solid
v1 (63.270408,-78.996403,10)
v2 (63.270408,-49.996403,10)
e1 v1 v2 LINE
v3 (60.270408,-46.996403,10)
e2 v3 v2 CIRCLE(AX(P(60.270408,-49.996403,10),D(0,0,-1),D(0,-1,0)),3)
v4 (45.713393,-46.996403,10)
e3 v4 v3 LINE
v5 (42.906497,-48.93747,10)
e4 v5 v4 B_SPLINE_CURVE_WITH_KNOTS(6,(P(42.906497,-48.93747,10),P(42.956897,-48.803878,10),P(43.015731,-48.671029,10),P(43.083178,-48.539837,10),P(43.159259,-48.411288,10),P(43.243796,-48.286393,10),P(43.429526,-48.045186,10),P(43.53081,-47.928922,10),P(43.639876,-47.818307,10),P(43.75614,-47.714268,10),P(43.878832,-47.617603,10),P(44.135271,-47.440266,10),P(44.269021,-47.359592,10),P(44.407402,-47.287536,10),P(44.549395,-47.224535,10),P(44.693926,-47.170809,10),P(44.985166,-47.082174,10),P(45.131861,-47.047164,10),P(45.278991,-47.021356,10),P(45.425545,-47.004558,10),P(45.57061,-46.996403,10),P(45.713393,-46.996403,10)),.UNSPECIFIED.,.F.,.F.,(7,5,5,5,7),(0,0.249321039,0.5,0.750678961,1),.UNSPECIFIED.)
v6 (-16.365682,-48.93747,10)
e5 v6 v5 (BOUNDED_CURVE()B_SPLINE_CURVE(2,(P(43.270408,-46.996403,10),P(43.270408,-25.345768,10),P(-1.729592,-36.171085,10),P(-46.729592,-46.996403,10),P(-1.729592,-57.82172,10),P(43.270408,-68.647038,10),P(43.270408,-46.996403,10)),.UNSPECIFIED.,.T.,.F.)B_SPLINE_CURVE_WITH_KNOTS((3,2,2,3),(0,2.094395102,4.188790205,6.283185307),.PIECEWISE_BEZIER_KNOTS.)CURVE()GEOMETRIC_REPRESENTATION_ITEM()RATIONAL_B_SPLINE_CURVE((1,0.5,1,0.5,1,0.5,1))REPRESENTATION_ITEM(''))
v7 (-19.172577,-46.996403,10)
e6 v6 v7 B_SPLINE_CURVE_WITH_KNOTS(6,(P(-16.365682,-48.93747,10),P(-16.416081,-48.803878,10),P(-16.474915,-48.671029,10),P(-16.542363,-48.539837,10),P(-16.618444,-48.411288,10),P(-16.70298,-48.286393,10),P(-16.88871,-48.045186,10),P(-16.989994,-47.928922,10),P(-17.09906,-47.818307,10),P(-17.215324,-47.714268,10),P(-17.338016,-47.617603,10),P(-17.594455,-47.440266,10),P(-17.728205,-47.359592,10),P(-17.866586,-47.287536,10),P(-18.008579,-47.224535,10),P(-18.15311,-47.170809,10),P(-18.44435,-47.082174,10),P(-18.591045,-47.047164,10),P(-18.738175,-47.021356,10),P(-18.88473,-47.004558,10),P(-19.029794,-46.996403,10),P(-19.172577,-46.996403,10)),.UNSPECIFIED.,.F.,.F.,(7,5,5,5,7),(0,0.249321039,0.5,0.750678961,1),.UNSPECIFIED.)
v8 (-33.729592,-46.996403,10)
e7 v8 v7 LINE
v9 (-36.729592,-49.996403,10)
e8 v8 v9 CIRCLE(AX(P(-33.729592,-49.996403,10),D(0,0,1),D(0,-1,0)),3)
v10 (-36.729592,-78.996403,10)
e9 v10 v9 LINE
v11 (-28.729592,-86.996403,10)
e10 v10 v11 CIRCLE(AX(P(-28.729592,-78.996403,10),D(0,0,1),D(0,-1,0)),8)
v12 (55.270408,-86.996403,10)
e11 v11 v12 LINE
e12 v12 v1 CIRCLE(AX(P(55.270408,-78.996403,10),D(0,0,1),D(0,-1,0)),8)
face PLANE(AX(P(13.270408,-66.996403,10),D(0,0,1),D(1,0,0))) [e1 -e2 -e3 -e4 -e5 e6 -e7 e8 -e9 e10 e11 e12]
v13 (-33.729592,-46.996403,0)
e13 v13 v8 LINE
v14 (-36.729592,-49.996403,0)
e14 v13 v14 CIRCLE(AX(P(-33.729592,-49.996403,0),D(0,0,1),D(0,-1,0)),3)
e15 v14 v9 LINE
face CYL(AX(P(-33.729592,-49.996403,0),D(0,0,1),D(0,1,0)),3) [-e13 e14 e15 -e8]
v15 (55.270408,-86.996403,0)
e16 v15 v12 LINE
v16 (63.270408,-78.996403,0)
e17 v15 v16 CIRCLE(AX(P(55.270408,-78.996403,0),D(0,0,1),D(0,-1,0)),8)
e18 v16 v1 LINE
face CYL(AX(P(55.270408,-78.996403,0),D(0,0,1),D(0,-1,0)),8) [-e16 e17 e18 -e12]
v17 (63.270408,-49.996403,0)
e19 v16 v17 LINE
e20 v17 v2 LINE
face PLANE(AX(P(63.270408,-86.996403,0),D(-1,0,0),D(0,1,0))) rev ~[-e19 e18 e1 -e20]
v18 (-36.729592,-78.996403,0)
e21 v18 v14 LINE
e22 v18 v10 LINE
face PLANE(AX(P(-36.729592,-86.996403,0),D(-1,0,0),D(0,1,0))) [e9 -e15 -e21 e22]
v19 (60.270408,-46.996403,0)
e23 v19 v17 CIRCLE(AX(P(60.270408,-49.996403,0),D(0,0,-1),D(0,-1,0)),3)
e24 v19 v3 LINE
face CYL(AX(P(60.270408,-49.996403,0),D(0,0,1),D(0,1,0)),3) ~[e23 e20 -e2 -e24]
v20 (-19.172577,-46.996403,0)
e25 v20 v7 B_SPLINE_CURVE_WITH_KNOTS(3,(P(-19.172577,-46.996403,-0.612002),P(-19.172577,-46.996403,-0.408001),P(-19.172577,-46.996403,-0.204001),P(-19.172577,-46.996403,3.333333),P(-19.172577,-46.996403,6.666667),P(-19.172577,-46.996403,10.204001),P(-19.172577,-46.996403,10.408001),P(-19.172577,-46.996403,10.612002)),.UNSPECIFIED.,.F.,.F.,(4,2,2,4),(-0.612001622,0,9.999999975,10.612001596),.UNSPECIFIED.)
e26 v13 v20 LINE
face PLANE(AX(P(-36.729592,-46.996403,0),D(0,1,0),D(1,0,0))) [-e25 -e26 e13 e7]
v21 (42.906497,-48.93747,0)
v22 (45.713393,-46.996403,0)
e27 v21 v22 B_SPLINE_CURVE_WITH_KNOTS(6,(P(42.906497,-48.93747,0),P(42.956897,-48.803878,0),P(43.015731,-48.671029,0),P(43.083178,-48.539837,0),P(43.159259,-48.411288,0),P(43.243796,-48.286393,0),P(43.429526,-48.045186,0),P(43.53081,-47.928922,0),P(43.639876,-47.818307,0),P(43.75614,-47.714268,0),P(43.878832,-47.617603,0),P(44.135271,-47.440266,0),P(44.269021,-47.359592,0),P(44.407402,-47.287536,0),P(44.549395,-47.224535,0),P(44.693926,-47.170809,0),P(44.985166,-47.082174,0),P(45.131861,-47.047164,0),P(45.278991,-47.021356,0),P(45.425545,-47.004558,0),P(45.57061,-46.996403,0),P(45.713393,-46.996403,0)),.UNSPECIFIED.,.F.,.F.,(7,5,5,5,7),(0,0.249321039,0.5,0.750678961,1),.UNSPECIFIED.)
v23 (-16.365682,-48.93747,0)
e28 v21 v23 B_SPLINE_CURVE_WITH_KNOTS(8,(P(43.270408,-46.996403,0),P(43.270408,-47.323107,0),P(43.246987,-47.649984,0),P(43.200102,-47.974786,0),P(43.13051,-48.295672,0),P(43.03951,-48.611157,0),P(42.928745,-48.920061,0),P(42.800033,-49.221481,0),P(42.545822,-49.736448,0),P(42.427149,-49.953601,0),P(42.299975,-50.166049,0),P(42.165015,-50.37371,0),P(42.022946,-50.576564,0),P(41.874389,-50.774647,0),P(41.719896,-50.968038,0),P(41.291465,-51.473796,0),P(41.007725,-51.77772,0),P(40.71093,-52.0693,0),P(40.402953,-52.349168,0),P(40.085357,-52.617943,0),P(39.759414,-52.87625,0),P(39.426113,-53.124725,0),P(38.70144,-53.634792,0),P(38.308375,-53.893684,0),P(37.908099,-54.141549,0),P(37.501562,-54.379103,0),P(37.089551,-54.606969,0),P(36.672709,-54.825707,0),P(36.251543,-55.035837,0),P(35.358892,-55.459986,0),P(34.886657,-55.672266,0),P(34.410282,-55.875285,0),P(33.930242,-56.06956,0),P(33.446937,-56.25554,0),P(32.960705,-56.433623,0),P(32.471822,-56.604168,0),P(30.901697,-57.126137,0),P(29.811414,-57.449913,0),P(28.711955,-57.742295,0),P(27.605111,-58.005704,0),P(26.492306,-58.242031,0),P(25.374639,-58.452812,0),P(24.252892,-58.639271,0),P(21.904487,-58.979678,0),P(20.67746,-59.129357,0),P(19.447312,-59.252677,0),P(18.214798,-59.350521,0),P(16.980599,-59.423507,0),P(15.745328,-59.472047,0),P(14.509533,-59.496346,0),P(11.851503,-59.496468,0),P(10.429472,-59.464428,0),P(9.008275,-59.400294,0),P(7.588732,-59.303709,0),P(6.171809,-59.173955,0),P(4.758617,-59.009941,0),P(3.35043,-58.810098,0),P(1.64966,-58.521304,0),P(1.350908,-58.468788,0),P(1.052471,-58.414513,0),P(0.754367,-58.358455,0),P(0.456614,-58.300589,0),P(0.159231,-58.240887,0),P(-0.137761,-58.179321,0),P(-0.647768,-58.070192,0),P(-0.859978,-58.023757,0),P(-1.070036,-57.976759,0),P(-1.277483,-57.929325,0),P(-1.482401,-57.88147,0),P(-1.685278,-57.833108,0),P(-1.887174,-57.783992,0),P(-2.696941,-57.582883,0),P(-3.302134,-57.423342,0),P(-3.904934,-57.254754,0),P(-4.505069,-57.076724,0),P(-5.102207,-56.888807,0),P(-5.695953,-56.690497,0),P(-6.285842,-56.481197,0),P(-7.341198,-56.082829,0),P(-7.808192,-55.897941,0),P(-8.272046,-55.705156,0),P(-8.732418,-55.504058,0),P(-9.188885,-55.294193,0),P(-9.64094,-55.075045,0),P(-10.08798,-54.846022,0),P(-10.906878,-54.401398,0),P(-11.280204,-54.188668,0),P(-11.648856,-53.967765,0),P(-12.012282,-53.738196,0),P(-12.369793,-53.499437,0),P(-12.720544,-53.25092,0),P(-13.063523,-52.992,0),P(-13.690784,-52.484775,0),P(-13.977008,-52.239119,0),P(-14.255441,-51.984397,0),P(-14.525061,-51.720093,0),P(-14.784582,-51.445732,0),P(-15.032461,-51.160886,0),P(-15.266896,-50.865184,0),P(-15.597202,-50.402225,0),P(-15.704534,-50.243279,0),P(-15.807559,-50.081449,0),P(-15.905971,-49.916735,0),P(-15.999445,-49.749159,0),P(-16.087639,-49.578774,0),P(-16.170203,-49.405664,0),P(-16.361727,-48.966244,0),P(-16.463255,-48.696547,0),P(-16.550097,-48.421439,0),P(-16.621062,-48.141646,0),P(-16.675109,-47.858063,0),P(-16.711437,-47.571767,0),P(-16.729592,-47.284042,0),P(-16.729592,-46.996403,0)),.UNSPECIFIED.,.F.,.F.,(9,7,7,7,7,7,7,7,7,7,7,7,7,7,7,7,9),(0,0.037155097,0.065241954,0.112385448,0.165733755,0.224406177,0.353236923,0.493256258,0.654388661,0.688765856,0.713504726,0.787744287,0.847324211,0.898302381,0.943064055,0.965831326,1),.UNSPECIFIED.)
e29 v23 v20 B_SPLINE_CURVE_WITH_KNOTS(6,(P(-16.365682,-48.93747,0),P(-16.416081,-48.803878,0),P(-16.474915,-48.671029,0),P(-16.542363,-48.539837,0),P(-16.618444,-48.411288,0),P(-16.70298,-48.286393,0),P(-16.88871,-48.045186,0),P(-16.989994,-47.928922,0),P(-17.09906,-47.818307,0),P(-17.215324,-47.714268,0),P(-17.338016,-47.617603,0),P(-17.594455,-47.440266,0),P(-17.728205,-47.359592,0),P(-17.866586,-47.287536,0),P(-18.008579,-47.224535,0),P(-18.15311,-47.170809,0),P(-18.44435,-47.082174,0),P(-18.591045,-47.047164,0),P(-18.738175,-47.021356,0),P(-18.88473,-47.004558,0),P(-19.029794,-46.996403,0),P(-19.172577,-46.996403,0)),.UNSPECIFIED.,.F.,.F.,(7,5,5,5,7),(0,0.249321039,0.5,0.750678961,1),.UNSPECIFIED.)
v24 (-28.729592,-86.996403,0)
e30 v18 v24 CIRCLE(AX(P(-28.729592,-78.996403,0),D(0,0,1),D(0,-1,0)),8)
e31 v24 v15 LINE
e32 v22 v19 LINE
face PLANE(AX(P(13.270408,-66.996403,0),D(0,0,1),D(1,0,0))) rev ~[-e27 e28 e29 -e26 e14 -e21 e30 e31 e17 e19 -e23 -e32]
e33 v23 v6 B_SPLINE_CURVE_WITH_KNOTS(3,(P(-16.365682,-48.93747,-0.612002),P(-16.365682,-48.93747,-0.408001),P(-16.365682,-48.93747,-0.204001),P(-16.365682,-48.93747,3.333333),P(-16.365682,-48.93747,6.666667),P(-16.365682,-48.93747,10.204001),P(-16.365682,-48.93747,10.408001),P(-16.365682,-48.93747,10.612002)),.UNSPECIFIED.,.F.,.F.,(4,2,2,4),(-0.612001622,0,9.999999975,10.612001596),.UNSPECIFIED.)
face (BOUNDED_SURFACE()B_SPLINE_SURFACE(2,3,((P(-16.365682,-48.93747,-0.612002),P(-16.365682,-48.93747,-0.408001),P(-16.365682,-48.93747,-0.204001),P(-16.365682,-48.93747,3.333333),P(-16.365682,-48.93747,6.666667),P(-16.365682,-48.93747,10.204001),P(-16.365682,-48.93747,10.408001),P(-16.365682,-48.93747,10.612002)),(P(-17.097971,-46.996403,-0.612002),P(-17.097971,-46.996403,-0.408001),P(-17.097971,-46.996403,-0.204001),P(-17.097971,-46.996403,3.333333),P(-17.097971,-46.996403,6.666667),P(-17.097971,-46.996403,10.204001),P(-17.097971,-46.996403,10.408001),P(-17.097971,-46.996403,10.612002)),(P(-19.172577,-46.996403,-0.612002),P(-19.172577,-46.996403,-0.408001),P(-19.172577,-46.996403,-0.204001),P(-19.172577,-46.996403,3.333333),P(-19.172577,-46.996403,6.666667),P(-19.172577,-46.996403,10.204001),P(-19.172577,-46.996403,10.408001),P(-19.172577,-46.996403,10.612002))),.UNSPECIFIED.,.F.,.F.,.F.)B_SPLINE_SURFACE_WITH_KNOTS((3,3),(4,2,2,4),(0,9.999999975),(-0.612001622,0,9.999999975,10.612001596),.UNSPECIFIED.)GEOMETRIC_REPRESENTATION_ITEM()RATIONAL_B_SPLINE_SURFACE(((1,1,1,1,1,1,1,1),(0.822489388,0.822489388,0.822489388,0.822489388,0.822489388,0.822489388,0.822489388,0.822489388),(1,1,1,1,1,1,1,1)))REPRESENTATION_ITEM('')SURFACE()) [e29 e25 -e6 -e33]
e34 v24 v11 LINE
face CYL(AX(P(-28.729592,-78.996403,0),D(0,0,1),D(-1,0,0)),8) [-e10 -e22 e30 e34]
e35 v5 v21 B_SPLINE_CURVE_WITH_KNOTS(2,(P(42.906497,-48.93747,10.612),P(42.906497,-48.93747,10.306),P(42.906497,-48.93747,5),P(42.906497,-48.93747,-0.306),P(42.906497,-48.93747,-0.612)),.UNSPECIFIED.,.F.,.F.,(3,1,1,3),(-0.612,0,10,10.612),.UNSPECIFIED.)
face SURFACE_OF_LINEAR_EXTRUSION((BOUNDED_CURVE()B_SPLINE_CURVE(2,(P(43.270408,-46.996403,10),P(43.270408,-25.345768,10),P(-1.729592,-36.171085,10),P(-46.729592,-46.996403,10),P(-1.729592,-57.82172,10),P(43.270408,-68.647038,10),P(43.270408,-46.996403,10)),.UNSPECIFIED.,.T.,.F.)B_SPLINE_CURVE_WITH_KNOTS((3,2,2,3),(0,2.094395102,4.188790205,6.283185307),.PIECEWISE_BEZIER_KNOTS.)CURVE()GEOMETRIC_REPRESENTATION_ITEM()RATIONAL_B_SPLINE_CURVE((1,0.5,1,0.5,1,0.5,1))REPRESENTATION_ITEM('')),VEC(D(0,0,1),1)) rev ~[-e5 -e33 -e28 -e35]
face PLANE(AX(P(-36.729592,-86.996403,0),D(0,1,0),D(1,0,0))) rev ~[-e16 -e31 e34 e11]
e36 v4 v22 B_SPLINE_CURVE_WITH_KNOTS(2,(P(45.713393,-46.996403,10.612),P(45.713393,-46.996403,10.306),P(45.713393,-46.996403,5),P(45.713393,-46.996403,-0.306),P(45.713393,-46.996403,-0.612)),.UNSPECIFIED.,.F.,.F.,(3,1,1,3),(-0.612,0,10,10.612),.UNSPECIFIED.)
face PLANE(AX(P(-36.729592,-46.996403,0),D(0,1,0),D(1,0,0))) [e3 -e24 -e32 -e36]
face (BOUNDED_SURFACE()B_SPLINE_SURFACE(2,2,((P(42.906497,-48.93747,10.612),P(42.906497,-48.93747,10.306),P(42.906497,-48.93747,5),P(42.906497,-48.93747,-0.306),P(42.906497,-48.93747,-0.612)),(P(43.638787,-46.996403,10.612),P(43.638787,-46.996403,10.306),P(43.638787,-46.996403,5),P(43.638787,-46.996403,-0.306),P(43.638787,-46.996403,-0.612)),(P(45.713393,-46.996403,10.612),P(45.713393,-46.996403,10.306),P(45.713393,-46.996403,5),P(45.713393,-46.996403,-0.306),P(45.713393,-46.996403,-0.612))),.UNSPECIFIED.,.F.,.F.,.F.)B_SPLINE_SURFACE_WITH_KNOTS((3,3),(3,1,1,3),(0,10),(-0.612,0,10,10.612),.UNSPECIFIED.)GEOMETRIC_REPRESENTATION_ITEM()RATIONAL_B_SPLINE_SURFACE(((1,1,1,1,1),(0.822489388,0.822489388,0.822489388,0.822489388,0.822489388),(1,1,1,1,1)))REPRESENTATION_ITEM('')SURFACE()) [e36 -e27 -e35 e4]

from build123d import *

# Parameters (mm, degrees)
F0_W     = 100
F0_H     = 40
F1_DEPTH = 10
F3_DEPTH = 10.001
F4_R     = 8
F5_R     = 3


with BuildPart() as f1:
    # F0 (on Top) → F1 (new body)
    with BuildSketch(Plane.XY):
        with Locations((13.2704079151, -66.9964028705)):
            Rectangle(F0_W, F0_H)
    extrude(amount=F1_DEPTH)

    # F2 (on face) → F3 (cut, through all)
    with BuildSketch(Plane.XY.offset(10)):
        with BuildLine():
            add(Edge.make_bspline(
                [(43.2704079151, -46.9964028705), (43.2704079151, -25.3457677759), (-1.7295920849, -36.1710853232), (-46.7295920849, -46.9964028705), (-1.7295920849, -57.8217204178), (43.2704079151, -68.6470379651), (43.2704079151, -46.9964028705)],
                knots=[0, 0, 0, 2.0943951024, 2.0943951024, 4.1887902048, 4.1887902048, 6.2831853072, 6.2831853072, 6.2831853072], degree=2, weights=[1, 0.5, 1, 0.5, 1, 0.5, 1]))
        make_face()
    extrude(amount=-F3_DEPTH, mode=Mode.SUBTRACT)

    # F4
    f4_edges = [f1.edges().sort_by_distance(p)[0] for p in [
        (-36.729592, -86.996403, 5),
        (63.270408, -86.996403, 5),
    ]]
    fillet(f4_edges, radius=F4_R)

    # F5 (call 1 of 4: OpenCascade refuses the feature's edges together)
    f5_edges = [f1.edges().sort_by_distance(p)[0] for p in [
        (63.270408, -46.996403, 5),
    ]]
    fillet(f5_edges, radius=F5_R)

    # F5#3 (call 2 of 4)
    f5_3_edges = [f1.edges().sort_by_distance(p)[0] for p in [
        (-16.729592, -46.996403, 5),
    ]]
    fillet(f5_3_edges, radius=F5_R)

    # F5#4 (call 3 of 4)
    f5_4_edges = [f1.edges().sort_by_distance(p)[0] for p in [
        (-36.729592, -46.996403, 5),
    ]]
    fillet(f5_4_edges, radius=F5_R)

    # F5#2 (call 4 of 4)
    f5_2_edges = [f1.edges().sort_by_distance(p)[0] for p in [
        (43.270408, -46.996403, 5),
    ]]
    fillet(f5_2_edges, radius=F5_R)


solid = f1.part
